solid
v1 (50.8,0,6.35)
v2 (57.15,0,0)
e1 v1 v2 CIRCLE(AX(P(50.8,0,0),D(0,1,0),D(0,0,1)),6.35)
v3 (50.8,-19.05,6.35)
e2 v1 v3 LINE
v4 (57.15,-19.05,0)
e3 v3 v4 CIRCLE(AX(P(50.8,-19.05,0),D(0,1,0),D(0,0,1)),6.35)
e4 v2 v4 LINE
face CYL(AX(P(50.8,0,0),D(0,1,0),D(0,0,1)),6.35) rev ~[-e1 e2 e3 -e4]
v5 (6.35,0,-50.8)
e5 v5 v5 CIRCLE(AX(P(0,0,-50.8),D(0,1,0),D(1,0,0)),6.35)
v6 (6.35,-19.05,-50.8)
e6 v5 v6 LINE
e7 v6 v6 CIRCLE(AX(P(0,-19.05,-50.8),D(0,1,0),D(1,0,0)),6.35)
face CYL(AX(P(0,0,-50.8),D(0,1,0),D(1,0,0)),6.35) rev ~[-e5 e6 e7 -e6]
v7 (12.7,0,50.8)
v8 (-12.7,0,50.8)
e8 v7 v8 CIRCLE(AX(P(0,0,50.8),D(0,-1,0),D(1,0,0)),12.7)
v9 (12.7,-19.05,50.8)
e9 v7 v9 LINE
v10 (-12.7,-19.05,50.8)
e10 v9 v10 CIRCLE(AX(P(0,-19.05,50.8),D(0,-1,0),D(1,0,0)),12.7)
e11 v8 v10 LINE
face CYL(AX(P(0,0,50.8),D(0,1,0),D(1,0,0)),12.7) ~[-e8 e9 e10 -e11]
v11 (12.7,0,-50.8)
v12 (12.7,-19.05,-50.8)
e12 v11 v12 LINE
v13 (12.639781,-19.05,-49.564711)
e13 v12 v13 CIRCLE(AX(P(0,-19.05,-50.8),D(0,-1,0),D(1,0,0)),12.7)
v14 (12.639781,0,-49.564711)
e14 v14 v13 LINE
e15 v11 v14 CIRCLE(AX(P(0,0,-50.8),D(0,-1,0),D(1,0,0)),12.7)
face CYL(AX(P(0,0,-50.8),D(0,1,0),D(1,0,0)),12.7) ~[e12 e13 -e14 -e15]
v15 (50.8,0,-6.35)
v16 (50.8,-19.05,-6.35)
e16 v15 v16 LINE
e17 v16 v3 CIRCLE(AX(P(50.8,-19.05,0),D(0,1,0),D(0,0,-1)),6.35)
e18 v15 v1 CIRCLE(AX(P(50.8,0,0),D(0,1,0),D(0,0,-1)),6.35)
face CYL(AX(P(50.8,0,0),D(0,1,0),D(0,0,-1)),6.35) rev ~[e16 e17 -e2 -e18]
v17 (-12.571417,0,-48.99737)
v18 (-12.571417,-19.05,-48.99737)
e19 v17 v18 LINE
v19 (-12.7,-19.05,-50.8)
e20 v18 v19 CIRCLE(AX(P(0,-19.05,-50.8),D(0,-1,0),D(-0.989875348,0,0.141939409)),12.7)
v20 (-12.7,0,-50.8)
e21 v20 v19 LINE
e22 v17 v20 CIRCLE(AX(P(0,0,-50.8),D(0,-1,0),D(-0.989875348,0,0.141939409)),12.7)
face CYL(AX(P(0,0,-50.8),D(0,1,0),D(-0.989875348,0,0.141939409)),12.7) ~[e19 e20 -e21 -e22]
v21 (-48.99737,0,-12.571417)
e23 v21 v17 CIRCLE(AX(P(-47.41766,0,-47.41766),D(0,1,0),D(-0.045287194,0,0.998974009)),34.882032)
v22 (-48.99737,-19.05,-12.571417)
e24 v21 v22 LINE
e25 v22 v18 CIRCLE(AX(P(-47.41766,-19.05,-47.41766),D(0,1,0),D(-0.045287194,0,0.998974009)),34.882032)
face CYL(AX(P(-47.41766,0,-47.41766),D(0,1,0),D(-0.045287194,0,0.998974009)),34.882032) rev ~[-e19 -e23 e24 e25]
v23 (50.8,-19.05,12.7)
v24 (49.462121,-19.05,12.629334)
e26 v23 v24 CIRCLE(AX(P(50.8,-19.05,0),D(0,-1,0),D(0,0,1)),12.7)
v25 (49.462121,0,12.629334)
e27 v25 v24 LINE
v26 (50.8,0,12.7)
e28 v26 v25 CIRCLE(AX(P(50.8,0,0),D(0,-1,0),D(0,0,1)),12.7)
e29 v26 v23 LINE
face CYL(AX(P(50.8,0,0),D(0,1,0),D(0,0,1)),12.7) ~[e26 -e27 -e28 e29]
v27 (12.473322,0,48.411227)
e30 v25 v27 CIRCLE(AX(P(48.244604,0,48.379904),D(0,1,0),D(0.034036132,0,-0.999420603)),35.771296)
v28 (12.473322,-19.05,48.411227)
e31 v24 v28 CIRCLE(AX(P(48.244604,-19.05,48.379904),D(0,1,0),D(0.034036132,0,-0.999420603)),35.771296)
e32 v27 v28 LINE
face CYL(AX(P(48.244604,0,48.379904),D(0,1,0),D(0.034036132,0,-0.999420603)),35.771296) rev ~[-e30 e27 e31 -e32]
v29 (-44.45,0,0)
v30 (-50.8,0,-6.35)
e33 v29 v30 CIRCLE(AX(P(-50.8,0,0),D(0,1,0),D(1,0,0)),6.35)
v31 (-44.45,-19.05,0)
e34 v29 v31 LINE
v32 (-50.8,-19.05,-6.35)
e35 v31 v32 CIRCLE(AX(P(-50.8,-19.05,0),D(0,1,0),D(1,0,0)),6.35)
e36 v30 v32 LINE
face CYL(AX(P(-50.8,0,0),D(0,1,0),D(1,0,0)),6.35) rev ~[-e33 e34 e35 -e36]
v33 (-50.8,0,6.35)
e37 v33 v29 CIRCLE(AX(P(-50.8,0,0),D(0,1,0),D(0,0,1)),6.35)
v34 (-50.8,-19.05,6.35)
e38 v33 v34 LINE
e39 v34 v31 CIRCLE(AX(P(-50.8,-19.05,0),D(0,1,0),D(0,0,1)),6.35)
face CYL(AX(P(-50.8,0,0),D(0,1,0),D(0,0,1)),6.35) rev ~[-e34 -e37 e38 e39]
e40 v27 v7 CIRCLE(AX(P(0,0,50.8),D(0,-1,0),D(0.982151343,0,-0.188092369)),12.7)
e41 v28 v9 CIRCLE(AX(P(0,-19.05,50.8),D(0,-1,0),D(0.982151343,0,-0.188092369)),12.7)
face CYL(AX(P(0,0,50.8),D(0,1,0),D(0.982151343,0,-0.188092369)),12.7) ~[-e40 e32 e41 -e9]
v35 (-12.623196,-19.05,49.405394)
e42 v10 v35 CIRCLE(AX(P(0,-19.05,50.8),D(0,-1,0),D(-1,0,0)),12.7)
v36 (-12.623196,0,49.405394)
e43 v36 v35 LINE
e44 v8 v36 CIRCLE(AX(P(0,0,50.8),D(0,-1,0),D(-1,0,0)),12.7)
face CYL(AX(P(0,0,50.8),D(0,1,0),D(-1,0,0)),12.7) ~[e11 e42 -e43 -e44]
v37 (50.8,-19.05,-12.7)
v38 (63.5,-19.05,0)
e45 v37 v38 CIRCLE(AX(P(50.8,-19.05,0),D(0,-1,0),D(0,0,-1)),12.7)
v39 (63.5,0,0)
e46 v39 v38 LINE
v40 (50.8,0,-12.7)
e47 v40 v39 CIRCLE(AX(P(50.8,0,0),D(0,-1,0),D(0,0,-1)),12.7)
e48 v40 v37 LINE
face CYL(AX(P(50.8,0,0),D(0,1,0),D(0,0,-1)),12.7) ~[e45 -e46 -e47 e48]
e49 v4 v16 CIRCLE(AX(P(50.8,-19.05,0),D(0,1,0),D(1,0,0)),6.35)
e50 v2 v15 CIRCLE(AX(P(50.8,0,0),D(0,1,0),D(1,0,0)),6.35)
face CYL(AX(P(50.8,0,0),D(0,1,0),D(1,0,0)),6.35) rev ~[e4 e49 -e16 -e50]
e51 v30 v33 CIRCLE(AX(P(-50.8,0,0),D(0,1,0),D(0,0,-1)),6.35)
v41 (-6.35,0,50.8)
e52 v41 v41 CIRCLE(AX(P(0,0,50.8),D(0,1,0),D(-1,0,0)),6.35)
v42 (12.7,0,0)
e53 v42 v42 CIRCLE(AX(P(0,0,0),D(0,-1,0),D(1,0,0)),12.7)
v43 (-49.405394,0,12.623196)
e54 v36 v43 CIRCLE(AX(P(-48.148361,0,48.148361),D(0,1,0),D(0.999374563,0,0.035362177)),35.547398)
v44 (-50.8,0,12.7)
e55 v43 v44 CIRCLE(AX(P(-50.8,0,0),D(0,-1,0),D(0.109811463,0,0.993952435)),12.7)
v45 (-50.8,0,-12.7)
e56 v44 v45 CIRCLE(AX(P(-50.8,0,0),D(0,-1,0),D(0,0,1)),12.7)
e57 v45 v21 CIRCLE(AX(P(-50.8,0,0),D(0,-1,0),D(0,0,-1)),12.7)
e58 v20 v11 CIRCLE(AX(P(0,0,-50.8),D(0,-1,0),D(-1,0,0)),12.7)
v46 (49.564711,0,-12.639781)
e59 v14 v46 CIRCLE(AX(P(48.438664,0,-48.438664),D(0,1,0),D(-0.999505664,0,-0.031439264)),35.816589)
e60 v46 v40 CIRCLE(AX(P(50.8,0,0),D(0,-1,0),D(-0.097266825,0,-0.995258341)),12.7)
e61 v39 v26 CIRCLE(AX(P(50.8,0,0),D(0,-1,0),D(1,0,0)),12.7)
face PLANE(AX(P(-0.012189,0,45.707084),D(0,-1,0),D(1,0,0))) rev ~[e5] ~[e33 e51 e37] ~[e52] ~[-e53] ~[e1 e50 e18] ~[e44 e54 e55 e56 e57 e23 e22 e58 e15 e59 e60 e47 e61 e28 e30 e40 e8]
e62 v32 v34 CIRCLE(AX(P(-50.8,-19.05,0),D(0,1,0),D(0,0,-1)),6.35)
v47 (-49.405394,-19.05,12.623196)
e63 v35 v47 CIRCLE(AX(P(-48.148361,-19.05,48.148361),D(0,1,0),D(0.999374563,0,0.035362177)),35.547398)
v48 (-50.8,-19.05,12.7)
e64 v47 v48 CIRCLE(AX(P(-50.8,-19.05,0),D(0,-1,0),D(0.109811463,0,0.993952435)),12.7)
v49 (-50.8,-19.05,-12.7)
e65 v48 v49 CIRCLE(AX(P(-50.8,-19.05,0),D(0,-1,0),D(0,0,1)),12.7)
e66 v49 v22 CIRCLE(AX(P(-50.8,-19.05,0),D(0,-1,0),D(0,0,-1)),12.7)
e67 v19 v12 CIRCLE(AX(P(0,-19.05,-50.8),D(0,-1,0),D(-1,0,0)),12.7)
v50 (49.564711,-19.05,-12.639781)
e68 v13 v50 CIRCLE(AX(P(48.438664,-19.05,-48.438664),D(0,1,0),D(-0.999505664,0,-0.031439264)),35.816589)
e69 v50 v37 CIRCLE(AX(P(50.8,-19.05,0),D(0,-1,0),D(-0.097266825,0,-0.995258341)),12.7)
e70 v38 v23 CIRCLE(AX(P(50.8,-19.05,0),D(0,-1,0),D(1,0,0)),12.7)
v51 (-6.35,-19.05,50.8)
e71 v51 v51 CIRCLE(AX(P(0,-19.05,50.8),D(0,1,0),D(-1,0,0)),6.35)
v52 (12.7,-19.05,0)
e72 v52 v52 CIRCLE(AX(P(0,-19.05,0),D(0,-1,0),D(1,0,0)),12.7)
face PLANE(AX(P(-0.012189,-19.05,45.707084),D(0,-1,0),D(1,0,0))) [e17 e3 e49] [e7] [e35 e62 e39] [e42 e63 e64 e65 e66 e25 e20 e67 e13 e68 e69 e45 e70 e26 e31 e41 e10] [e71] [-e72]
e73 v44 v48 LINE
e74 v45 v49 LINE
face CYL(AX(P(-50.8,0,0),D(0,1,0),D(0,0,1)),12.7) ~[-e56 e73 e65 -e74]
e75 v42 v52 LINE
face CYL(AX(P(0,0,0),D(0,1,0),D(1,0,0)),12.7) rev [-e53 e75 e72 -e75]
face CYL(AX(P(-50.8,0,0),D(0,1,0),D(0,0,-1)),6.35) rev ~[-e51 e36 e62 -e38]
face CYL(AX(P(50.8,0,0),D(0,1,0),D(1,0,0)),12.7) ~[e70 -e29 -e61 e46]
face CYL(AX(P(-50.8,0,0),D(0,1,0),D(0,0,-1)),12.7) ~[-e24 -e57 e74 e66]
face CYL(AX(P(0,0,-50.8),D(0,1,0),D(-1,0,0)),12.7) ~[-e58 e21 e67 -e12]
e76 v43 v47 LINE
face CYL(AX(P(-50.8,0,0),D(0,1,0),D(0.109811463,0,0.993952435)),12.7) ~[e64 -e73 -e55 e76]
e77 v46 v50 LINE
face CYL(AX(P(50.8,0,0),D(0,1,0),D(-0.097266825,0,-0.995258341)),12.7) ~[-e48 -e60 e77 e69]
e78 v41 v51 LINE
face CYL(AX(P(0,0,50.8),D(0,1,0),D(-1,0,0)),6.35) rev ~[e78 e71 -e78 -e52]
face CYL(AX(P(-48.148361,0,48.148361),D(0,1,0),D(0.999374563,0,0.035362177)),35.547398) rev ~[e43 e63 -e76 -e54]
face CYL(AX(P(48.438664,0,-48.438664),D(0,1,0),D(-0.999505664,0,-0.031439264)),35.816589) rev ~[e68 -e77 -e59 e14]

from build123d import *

# Parameters (mm, degrees)
F0_R     = 12.7
F1_DEPTH = 19.05


with BuildPart() as f1:
    # F0 (on Front) → F1 (new body)
    with BuildSketch(Plane.XZ):
        with BuildLine():
            Line((12.5552676618, 50.8), (6.35, 50.8))
            ThreePointArc((6.35, 50.8), (0, 44.45), (-6.35, 50.8))
            Line((-6.35, 50.8), (-12.7, 50.8))
            ThreePointArc((-12.7, 50.8), (-12.6547477412, 50.1030744688), (-12.623195922, 49.4053944235))
            ThreePointArc((-12.623195922, 49.4053944235), (-0.5027005097, 38.1099530262), (12.4733220574, 48.4112269151))
            ThreePointArc((12.4733220574, 48.4112269151), (12.4943375608, 49.6062980822), (12.5552676618, 50.8))
        make_face()
        with BuildLine():
            ThreePointArc((-6.35, 50.8), (0, 57.15), (6.35, 50.8))
            Line((6.35, 50.8), (12.5552676618, 50.8))
            Line((12.5552676618, 50.8), (12.7, 50.8))
            ThreePointArc((12.7, 50.8), (0, 63.5), (-12.7, 50.8))
            Line((-12.7, 50.8), (-6.35, 50.8))
        make_face()
        with BuildLine():
            Line((12.7, 50.8), (12.5552676618, 50.8))
            ThreePointArc((12.5552676618, 50.8), (12.4943375608, 49.6062980822), (12.4733220574, 48.4112269151))
            ThreePointArc((12.4733220574, 48.4112269151), (12.6432035127, 49.6002479693), (12.7, 50.8))
        make_face()
        with BuildLine():
            ThreePointArc((-12.623195922, 49.4053944235), (-12.6547477412, 50.1030744688), (-12.7, 50.8))
            ThreePointArc((-12.7, 50.8), (-12.6807844436, 50.1016405688), (-12.623195922, 49.4053944235))
        make_face()
        with BuildLine():
            ThreePointArc((49.4621205903, 12.6293340555), (23.373403019, 22.6698095536), (12.4733220574, 48.4112269151))
            ThreePointArc((12.4733220574, 48.4112269151), (-0.5027005097, 38.1099530262), (-12.623195922, 49.4053944235))
            ThreePointArc((-12.623195922, 49.4053944235), (-23.0125550108, 23.0125550108), (-49.4053944235, 12.623195922))
            ThreePointArc((-49.4053944235, 12.623195922), (-41.3395166397, 8.4728539813), (-38.1, 0))
            ThreePointArc((-38.1, 0), (-41.2035577614, -8.3185513379), (-48.9973695056, -12.571416917))
            ThreePointArc((-48.9973695056, -12.571416917), (-22.7523388598, -22.7523388598), (-12.571416917, -48.9973695056))
            ThreePointArc((-12.571416917, -48.9973695056), (0.2857229322, -38.1032144853), (12.6397809271, -49.5647113232))
            ThreePointArc((12.6397809271, -49.5647113232), (23.1125114369, -23.1125114369), (49.5647113232, -12.6397809271))
            ThreePointArc((49.5647113232, -12.6397809271), (38.1001046657, -0.0515606332), (49.4621205903, 12.6293340555))
        make_face()
        Circle(F0_R, mode=Mode.SUBTRACT)
        with BuildLine():
            ThreePointArc((50.8, 12.7), (50.1313911561, 12.6584030193), (49.4621205903, 12.6293340555))
            ThreePointArc((49.4621205903, 12.6293340555), (38.1001046657, -0.0515606332), (49.5647113232, -12.6397809271))
            ThreePointArc((49.5647113232, -12.6397809271), (50.1826156034, -12.6645582134), (50.8, -12.7))
            Line((50.8, -12.7), (50.8, -6.35))
            ThreePointArc((50.8, -6.35), (44.45, 0), (50.8, 6.35))
            Line((50.8, 6.35), (50.8, 12.7))
        make_face()
        with BuildLine():
            ThreePointArc((50.8, 12.7), (50.1301278125, 12.6823212092), (49.4621205903, 12.6293340555))
            ThreePointArc((49.4621205903, 12.6293340555), (50.1313911561, 12.6584030193), (50.8, 12.7))
        make_face()
        with BuildLine():
            ThreePointArc((-50.8, 12.7), (-50.1030744688, 12.6547477412), (-49.4053944235, 12.623195922))
            ThreePointArc((-49.4053944235, 12.623195922), (-50.1016405688, 12.6807844436), (-50.8, 12.7))
        make_face()
        with BuildLine():
            ThreePointArc((-38.1, 0), (-41.3395166397, 8.4728539813), (-49.4053944235, 12.623195922))
            ThreePointArc((-49.4053944235, 12.623195922), (-50.1030744688, 12.6547477412), (-50.8, 12.7))
            Line((-50.8, 12.7), (-50.8, 6.35))
            ThreePointArc((-50.8, 6.35), (-46.3098719395, 4.4901280605), (-44.45, 0))
            ThreePointArc((-44.45, 0), (-46.3098719395, -4.4901280605), (-50.8, -6.35))
            Line((-50.8, -6.35), (-50.8, -12.7))
            ThreePointArc((-50.8, -12.7), (-49.8995176161, -12.6240323908), (-48.9973695056, -12.571416917))
            ThreePointArc((-48.9973695056, -12.571416917), (-41.2035577614, -8.3185513379), (-38.1, 0))
        make_face()
        with BuildLine():
            ThreePointArc((63.5, 0), (59.7802561211, 8.9802561211), (50.8, 12.7))
            Line((50.8, 12.7), (50.8, 6.35))
            ThreePointArc((50.8, 6.35), (55.2901280605, 4.4901280605), (57.15, 0))
            ThreePointArc((57.15, 0), (55.2901280605, -4.4901280605), (50.8, -6.35))
            Line((50.8, -6.35), (50.8, -12.7))
            ThreePointArc((50.8, -12.7), (59.7802561211, -8.9802561211), (63.5, 0))
        make_face()
        with BuildLine():
            ThreePointArc((50.8, -12.7), (50.1826156034, -12.6645582134), (49.5647113232, -12.6397809271))
            ThreePointArc((49.5647113232, -12.6397809271), (50.1816221924, -12.6849362981), (50.8, -12.7))
        make_face()
        with BuildLine():
            Line((-50.8, 6.35), (-50.8, 12.7))
            ThreePointArc((-50.8, 12.7), (-63.5, 0), (-50.8, -12.7))
            Line((-50.8, -12.7), (-50.8, -6.35))
            ThreePointArc((-50.8, -6.35), (-57.15, 0), (-50.8, 6.35))
        make_face()
        with BuildLine():
            ThreePointArc((12.7, -50.8), (12.6645582134, -50.1826156034), (12.6397809271, -49.5647113232))
            ThreePointArc((12.6397809271, -49.5647113232), (0.2857229322, -38.1032144853), (-12.571416917, -48.9973695056))
            ThreePointArc((-12.571416917, -48.9973695056), (-12.6240323908, -49.8995176161), (-12.7, -50.8))
            Line((-12.7, -50.8), (-6.35, -50.8))
            ThreePointArc((-6.35, -50.8), (0, -44.45), (6.35, -50.8))
            Line((6.35, -50.8), (12.7, -50.8))
        make_face()
        with BuildLine():
            ThreePointArc((12.7, -50.8), (12.6849362981, -50.1816221924), (12.6397809271, -49.5647113232))
            ThreePointArc((12.6397809271, -49.5647113232), (12.6645582134, -50.1826156034), (12.7, -50.8))
        make_face()
        with BuildLine():
            ThreePointArc((-50.8, -12.7), (-49.8963946784, -12.6678134429), (-48.9973695056, -12.571416917))
            ThreePointArc((-48.9973695056, -12.571416917), (-49.8995176161, -12.6240323908), (-50.8, -12.7))
        make_face()
        with BuildLine():
            ThreePointArc((-12.7, -50.8), (0, -63.5), (12.7, -50.8))
            Line((12.7, -50.8), (6.35, -50.8))
            ThreePointArc((6.35, -50.8), (0, -57.15), (-6.35, -50.8))
            Line((-6.35, -50.8), (-12.7, -50.8))
        make_face()
        with BuildLine():
            ThreePointArc((-12.7, -50.8), (-12.6240323908, -49.8995176161), (-12.571416917, -48.9973695056))
            ThreePointArc((-12.571416917, -48.9973695056), (-12.6678134429, -49.8963946784), (-12.7, -50.8))
        make_face()
    extrude(amount=F1_DEPTH)


solid = f1.part
